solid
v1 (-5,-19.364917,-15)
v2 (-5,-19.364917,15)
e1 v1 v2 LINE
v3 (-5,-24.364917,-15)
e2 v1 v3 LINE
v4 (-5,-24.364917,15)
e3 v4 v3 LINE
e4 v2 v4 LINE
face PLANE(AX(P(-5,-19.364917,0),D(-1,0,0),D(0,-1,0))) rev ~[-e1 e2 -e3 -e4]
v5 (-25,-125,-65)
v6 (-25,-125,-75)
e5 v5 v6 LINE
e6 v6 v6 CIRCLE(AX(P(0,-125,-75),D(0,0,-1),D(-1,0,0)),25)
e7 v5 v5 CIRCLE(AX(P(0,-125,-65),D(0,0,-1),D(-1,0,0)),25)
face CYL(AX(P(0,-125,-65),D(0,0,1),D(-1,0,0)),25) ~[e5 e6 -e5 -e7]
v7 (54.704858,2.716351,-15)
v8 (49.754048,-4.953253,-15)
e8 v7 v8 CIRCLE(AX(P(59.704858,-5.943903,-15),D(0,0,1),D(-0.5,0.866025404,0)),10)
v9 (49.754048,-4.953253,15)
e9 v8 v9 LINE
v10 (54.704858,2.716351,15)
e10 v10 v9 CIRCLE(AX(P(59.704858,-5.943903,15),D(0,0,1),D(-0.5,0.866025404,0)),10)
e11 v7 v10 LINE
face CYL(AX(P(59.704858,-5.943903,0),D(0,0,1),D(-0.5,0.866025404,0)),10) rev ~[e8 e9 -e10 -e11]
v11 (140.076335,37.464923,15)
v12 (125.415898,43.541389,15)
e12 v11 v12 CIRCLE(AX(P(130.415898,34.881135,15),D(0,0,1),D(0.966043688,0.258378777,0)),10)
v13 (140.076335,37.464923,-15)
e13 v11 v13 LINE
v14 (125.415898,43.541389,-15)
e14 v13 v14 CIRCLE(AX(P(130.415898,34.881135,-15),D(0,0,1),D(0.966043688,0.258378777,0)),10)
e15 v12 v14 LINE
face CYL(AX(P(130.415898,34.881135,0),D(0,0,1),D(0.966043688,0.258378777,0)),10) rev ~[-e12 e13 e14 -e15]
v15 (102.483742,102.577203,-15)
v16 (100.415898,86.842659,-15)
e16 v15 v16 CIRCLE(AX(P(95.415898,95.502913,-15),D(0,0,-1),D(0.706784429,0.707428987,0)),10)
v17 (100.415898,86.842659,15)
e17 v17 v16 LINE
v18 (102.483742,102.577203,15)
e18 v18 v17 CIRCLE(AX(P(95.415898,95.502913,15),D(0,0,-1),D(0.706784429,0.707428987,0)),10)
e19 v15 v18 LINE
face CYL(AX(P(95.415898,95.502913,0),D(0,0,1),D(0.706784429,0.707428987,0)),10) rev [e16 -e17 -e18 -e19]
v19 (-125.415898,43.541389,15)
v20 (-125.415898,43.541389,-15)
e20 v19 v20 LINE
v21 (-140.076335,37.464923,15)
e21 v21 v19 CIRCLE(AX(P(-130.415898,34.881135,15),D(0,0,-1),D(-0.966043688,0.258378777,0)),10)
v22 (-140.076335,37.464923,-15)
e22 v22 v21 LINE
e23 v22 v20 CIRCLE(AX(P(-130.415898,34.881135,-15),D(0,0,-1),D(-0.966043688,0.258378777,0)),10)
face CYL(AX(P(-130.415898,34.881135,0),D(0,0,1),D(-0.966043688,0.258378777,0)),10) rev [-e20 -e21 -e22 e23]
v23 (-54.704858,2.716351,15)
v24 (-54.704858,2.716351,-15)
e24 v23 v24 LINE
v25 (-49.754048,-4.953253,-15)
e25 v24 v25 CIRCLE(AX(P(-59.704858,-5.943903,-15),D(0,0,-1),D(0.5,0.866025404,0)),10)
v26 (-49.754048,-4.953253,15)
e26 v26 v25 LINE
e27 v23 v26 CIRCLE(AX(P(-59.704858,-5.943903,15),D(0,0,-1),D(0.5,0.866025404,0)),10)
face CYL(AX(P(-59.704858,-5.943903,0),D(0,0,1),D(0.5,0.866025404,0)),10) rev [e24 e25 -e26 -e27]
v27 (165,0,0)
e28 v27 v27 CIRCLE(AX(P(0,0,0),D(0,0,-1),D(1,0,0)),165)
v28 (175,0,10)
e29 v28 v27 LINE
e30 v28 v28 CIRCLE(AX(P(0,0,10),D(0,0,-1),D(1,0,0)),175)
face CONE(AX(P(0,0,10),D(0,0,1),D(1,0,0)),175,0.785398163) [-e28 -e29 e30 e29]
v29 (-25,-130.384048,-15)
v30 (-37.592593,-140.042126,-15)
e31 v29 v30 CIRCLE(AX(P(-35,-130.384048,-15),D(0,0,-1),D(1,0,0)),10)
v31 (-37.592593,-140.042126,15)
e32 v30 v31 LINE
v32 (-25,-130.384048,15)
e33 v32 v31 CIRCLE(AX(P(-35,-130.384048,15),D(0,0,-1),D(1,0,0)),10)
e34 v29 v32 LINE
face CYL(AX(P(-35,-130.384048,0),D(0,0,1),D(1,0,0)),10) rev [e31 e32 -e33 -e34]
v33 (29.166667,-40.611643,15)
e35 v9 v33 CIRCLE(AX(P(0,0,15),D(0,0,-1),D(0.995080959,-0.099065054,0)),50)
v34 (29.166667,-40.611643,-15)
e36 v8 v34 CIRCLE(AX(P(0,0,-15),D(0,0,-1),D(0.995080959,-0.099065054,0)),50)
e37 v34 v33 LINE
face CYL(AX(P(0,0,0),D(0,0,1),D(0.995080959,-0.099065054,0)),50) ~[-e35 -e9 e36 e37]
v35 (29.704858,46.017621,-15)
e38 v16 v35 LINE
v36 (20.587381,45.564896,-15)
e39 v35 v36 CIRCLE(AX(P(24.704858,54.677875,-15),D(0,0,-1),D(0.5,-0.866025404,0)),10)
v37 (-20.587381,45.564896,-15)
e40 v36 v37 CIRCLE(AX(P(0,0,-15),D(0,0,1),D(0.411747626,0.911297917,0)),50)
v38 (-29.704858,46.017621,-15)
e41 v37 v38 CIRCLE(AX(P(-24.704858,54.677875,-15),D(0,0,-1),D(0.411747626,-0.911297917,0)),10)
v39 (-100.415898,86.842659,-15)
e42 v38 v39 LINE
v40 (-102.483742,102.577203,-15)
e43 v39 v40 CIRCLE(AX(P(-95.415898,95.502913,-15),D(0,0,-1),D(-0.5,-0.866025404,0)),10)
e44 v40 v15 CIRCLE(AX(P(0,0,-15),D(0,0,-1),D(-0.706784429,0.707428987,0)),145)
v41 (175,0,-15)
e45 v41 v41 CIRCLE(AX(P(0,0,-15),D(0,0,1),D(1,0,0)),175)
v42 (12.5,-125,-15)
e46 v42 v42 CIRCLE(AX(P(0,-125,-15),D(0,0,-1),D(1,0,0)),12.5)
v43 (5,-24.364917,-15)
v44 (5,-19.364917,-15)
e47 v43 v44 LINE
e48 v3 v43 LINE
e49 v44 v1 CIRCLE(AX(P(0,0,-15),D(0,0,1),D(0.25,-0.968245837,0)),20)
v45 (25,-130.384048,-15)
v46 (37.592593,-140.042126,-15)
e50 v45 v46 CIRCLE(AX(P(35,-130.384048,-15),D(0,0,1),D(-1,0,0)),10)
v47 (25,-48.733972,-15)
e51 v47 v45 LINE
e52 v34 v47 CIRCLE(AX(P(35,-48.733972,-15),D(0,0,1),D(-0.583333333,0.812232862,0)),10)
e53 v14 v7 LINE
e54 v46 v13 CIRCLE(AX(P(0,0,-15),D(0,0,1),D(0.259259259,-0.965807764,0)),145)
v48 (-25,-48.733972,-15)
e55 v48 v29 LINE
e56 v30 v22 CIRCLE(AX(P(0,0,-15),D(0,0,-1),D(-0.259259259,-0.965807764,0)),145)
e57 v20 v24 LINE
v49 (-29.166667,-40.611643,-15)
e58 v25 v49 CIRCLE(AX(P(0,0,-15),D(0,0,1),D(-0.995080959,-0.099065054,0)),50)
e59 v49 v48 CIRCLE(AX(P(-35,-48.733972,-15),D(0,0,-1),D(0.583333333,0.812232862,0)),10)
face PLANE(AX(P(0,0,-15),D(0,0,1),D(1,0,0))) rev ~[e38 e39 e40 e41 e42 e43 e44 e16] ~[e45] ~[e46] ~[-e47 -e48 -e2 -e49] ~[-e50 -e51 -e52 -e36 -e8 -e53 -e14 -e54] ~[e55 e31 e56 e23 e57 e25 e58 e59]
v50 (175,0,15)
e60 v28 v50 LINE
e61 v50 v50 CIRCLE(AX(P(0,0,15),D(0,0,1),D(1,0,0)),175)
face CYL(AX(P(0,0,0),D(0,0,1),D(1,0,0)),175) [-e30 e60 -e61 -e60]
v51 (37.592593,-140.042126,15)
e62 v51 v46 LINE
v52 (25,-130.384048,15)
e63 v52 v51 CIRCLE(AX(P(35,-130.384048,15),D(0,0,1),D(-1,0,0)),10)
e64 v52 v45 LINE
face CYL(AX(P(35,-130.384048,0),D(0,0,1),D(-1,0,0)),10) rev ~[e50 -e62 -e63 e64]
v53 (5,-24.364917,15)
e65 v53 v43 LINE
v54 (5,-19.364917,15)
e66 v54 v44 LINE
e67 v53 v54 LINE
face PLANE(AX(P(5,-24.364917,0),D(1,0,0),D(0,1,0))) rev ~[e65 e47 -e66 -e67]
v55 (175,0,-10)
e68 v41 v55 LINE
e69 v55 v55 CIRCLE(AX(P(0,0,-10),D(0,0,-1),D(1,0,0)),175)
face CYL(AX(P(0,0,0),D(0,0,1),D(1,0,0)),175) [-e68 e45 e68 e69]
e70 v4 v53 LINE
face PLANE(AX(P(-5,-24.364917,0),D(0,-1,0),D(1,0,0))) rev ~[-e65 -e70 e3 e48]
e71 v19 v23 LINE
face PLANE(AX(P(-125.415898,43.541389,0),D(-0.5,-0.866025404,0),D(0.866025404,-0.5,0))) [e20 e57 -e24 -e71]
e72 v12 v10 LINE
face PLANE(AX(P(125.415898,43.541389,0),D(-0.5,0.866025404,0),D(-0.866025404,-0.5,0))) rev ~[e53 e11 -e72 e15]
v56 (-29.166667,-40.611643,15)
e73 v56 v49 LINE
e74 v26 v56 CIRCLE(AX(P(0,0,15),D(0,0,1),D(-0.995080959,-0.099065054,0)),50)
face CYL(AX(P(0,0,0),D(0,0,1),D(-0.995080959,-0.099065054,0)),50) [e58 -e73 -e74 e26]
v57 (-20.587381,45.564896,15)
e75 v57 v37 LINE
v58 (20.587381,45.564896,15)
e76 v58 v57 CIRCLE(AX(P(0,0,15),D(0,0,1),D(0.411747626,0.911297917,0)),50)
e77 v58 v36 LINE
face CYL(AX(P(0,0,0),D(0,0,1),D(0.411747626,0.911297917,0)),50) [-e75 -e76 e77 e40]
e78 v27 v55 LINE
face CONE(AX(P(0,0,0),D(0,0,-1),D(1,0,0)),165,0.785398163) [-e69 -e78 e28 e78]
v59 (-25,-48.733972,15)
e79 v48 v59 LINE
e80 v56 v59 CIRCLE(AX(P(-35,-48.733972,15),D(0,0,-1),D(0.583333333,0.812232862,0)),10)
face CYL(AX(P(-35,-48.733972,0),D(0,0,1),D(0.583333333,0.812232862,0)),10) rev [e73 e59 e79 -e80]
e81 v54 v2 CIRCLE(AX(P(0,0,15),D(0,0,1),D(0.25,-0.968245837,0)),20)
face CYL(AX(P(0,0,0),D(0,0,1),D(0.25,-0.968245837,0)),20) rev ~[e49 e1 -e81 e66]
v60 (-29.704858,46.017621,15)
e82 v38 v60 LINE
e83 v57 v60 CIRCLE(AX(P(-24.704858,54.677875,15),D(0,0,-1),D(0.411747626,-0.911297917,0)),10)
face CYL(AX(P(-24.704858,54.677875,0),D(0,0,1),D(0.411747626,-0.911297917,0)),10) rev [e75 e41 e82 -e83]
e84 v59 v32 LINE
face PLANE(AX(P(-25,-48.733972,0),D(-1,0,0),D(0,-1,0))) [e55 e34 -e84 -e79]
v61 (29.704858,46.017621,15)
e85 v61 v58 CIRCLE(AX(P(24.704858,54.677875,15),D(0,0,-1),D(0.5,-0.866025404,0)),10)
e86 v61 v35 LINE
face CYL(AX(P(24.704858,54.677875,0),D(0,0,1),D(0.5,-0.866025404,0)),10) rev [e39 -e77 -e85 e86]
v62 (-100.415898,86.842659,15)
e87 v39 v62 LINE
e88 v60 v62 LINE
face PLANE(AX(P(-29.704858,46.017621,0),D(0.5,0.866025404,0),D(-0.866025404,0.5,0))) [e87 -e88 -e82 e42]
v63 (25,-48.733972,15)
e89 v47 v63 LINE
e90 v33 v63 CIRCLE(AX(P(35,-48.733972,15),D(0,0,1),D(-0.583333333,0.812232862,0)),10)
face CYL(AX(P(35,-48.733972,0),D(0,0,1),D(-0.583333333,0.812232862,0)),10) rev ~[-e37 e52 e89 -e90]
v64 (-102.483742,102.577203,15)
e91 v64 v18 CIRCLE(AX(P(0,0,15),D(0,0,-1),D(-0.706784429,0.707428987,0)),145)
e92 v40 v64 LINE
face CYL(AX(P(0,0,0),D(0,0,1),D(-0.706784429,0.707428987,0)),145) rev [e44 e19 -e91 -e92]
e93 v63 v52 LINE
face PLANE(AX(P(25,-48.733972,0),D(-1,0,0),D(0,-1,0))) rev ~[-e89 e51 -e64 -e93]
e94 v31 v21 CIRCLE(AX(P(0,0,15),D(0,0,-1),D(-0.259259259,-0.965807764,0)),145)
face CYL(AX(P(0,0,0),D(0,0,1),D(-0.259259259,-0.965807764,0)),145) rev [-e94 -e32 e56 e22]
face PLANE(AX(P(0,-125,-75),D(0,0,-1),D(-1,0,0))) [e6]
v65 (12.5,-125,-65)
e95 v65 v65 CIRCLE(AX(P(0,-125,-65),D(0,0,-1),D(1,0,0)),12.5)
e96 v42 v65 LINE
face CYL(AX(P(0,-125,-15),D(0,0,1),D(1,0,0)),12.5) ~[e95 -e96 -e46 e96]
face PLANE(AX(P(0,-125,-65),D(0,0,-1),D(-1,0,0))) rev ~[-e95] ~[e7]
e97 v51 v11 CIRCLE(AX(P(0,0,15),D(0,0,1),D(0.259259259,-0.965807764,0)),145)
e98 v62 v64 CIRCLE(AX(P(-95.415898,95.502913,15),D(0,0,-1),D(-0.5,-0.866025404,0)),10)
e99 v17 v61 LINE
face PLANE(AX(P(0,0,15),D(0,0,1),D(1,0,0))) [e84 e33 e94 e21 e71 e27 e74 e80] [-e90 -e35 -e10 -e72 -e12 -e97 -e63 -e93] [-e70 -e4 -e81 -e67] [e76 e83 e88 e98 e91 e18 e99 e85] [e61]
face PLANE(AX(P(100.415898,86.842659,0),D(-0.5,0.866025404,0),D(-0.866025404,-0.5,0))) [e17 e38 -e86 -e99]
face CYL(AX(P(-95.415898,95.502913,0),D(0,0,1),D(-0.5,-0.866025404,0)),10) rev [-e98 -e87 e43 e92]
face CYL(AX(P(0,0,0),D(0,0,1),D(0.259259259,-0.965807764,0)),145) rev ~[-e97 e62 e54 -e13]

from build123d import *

# Parameters (mm, degrees)
SKETCH1_R           = 175
BOSS_EXTRUDE4_DEPTH = 15
SKETCH2_R           = 12.5
BOSS_EXTRUDE5_DEPTH = 50
SKETCH3_R           = 25
BOSS_EXTRUDE6_DEPTH = 10


with BuildPart() as part:
    # Sketch1 → Boss-Extrude4 (new, symmetric)
    with BuildSketch(Plane.XY):
        Circle(SKETCH1_R)
        with BuildLine():
            Line((25, -48.733971724), (25, -130.384048104))
            ThreePointArc((25, -130.384048104), (28.914193805, -138.31896858), (37.592592593, -140.042125741))
            ThreePointArc((37.592592593, -140.042125741), (125.573683549, -72.5), (140.076334788, 37.464922691))
            ThreePointArc((140.076334788, 37.464922691), (134.244837518, 44.119057925), (125.415897906, 43.541388957))
            Line((125.415897906, 43.541388957), (54.70485754, 2.716350767))
            ThreePointArc((54.70485754, 2.716350767), (51.30322786, -0.52056309), (49.75404795, -4.953252725))
            ThreePointArc((49.75404795, -4.953252725), (43.301270189, -25), (29.166666667, -40.611643103))
            ThreePointArc((29.166666667, -40.611643103), (26.10243479, -44.169617078), (25, -48.733971724))
        make_face(mode=Mode.SUBTRACT)
        with BuildLine():
            Line((-25, -48.733971724), (-25, -130.384048104))
            ThreePointArc((-25, -130.384048104), (-28.914193805, -138.31896858), (-37.592592593, -140.042125741))
            ThreePointArc((-37.592592593, -140.042125741), (-125.573683549, -72.5), (-140.076334788, 37.464922691))
            ThreePointArc((-140.076334788, 37.464922691), (-134.244837518, 44.119057925), (-125.415897906, 43.541388957))
            Line((-125.415897906, 43.541388957), (-54.70485754, 2.716350767))
            ThreePointArc((-54.70485754, 2.716350767), (-51.30322786, -0.52056309), (-49.75404795, -4.953252725))
            ThreePointArc((-49.75404795, -4.953252725), (-43.301270189, -25), (-29.166666667, -40.611643103))
            ThreePointArc((-29.166666667, -40.611643103), (-26.10243479, -44.169617078), (-25, -48.733971724))
        make_face(mode=Mode.SUBTRACT)
        with BuildLine():
            Line((-29.70485754, 46.017620957), (-100.415897906, 86.842659147))
            ThreePointArc((-100.415897906, 86.842659147), (-105.330643713, 94.199910656), (-102.483742196, 102.57720305))
            ThreePointArc((-102.483742196, 102.57720305), (0, 145), (102.483742196, 102.57720305))
            ThreePointArc((102.483742196, 102.57720305), (105.330643713, 94.199910656), (100.415897906, 86.842659147))
            Line((100.415897906, 86.842659147), (29.70485754, 46.017620957))
            ThreePointArc((29.70485754, 46.017620957), (25.20079307, 44.690180168), (20.587381284, 45.564895829))
            ThreePointArc((20.587381284, 45.564895829), (0, 50), (-20.587381284, 45.564895829))
            ThreePointArc((-20.587381284, 45.564895829), (-25.20079307, 44.690180168), (-29.70485754, 46.017620957))
        make_face(mode=Mode.SUBTRACT)
        with BuildLine():
            Line((-5, -19.364916731), (-5, -24.364916731))
            Line((-5, -24.364916731), (5, -24.364916731))
            Line((5, -24.364916731), (5, -19.364916731))
            ThreePointArc((5, -19.364916731), (0, 20), (-5, -19.364916731))
        make_face(mode=Mode.SUBTRACT)
    extrude(amount=BOSS_EXTRUDE4_DEPTH, both=True)

    # Sketch2 → Boss-Extrude5 (add)
    with BuildSketch(Plane(origin=(0, 0, -15), x_dir=(-1, 0, 0), z_dir=(0, 0, -1))):
        with Locations(Location((0, -125, 0), (0, 0, 180))):
            Circle(SKETCH2_R)
    extrude(amount=BOSS_EXTRUDE5_DEPTH)

    # Sketch3 → Boss-Extrude6 (add)
    with BuildSketch(Plane(origin=(0, 0, -65), x_dir=(-1, 0, 0), z_dir=(0, 0, -1))):
        with Locations((0, -125)):
            Circle(SKETCH3_R)
    extrude(amount=BOSS_EXTRUDE6_DEPTH)

    # Sketch4 → Cut-Revolve1 (revolve, cut)
    with BuildSketch(Plane(origin=(0, 0, 0), x_dir=(1, 0, 0), z_dir=(0, 1, 0)), mode=Mode.PRIVATE) as cut_revolve1_sk:
        Polygon((-175, -10), (-165, 0), (-175, 10), align=None)
    revolve(cut_revolve1_sk.sketch.rotate(Axis((0, 0, 35.70915695), (0, 0, -1)), 180), axis=Axis((0, 0, 35.70915695), (0, 0, -1)), mode=Mode.SUBTRACT)


solid = part.part
